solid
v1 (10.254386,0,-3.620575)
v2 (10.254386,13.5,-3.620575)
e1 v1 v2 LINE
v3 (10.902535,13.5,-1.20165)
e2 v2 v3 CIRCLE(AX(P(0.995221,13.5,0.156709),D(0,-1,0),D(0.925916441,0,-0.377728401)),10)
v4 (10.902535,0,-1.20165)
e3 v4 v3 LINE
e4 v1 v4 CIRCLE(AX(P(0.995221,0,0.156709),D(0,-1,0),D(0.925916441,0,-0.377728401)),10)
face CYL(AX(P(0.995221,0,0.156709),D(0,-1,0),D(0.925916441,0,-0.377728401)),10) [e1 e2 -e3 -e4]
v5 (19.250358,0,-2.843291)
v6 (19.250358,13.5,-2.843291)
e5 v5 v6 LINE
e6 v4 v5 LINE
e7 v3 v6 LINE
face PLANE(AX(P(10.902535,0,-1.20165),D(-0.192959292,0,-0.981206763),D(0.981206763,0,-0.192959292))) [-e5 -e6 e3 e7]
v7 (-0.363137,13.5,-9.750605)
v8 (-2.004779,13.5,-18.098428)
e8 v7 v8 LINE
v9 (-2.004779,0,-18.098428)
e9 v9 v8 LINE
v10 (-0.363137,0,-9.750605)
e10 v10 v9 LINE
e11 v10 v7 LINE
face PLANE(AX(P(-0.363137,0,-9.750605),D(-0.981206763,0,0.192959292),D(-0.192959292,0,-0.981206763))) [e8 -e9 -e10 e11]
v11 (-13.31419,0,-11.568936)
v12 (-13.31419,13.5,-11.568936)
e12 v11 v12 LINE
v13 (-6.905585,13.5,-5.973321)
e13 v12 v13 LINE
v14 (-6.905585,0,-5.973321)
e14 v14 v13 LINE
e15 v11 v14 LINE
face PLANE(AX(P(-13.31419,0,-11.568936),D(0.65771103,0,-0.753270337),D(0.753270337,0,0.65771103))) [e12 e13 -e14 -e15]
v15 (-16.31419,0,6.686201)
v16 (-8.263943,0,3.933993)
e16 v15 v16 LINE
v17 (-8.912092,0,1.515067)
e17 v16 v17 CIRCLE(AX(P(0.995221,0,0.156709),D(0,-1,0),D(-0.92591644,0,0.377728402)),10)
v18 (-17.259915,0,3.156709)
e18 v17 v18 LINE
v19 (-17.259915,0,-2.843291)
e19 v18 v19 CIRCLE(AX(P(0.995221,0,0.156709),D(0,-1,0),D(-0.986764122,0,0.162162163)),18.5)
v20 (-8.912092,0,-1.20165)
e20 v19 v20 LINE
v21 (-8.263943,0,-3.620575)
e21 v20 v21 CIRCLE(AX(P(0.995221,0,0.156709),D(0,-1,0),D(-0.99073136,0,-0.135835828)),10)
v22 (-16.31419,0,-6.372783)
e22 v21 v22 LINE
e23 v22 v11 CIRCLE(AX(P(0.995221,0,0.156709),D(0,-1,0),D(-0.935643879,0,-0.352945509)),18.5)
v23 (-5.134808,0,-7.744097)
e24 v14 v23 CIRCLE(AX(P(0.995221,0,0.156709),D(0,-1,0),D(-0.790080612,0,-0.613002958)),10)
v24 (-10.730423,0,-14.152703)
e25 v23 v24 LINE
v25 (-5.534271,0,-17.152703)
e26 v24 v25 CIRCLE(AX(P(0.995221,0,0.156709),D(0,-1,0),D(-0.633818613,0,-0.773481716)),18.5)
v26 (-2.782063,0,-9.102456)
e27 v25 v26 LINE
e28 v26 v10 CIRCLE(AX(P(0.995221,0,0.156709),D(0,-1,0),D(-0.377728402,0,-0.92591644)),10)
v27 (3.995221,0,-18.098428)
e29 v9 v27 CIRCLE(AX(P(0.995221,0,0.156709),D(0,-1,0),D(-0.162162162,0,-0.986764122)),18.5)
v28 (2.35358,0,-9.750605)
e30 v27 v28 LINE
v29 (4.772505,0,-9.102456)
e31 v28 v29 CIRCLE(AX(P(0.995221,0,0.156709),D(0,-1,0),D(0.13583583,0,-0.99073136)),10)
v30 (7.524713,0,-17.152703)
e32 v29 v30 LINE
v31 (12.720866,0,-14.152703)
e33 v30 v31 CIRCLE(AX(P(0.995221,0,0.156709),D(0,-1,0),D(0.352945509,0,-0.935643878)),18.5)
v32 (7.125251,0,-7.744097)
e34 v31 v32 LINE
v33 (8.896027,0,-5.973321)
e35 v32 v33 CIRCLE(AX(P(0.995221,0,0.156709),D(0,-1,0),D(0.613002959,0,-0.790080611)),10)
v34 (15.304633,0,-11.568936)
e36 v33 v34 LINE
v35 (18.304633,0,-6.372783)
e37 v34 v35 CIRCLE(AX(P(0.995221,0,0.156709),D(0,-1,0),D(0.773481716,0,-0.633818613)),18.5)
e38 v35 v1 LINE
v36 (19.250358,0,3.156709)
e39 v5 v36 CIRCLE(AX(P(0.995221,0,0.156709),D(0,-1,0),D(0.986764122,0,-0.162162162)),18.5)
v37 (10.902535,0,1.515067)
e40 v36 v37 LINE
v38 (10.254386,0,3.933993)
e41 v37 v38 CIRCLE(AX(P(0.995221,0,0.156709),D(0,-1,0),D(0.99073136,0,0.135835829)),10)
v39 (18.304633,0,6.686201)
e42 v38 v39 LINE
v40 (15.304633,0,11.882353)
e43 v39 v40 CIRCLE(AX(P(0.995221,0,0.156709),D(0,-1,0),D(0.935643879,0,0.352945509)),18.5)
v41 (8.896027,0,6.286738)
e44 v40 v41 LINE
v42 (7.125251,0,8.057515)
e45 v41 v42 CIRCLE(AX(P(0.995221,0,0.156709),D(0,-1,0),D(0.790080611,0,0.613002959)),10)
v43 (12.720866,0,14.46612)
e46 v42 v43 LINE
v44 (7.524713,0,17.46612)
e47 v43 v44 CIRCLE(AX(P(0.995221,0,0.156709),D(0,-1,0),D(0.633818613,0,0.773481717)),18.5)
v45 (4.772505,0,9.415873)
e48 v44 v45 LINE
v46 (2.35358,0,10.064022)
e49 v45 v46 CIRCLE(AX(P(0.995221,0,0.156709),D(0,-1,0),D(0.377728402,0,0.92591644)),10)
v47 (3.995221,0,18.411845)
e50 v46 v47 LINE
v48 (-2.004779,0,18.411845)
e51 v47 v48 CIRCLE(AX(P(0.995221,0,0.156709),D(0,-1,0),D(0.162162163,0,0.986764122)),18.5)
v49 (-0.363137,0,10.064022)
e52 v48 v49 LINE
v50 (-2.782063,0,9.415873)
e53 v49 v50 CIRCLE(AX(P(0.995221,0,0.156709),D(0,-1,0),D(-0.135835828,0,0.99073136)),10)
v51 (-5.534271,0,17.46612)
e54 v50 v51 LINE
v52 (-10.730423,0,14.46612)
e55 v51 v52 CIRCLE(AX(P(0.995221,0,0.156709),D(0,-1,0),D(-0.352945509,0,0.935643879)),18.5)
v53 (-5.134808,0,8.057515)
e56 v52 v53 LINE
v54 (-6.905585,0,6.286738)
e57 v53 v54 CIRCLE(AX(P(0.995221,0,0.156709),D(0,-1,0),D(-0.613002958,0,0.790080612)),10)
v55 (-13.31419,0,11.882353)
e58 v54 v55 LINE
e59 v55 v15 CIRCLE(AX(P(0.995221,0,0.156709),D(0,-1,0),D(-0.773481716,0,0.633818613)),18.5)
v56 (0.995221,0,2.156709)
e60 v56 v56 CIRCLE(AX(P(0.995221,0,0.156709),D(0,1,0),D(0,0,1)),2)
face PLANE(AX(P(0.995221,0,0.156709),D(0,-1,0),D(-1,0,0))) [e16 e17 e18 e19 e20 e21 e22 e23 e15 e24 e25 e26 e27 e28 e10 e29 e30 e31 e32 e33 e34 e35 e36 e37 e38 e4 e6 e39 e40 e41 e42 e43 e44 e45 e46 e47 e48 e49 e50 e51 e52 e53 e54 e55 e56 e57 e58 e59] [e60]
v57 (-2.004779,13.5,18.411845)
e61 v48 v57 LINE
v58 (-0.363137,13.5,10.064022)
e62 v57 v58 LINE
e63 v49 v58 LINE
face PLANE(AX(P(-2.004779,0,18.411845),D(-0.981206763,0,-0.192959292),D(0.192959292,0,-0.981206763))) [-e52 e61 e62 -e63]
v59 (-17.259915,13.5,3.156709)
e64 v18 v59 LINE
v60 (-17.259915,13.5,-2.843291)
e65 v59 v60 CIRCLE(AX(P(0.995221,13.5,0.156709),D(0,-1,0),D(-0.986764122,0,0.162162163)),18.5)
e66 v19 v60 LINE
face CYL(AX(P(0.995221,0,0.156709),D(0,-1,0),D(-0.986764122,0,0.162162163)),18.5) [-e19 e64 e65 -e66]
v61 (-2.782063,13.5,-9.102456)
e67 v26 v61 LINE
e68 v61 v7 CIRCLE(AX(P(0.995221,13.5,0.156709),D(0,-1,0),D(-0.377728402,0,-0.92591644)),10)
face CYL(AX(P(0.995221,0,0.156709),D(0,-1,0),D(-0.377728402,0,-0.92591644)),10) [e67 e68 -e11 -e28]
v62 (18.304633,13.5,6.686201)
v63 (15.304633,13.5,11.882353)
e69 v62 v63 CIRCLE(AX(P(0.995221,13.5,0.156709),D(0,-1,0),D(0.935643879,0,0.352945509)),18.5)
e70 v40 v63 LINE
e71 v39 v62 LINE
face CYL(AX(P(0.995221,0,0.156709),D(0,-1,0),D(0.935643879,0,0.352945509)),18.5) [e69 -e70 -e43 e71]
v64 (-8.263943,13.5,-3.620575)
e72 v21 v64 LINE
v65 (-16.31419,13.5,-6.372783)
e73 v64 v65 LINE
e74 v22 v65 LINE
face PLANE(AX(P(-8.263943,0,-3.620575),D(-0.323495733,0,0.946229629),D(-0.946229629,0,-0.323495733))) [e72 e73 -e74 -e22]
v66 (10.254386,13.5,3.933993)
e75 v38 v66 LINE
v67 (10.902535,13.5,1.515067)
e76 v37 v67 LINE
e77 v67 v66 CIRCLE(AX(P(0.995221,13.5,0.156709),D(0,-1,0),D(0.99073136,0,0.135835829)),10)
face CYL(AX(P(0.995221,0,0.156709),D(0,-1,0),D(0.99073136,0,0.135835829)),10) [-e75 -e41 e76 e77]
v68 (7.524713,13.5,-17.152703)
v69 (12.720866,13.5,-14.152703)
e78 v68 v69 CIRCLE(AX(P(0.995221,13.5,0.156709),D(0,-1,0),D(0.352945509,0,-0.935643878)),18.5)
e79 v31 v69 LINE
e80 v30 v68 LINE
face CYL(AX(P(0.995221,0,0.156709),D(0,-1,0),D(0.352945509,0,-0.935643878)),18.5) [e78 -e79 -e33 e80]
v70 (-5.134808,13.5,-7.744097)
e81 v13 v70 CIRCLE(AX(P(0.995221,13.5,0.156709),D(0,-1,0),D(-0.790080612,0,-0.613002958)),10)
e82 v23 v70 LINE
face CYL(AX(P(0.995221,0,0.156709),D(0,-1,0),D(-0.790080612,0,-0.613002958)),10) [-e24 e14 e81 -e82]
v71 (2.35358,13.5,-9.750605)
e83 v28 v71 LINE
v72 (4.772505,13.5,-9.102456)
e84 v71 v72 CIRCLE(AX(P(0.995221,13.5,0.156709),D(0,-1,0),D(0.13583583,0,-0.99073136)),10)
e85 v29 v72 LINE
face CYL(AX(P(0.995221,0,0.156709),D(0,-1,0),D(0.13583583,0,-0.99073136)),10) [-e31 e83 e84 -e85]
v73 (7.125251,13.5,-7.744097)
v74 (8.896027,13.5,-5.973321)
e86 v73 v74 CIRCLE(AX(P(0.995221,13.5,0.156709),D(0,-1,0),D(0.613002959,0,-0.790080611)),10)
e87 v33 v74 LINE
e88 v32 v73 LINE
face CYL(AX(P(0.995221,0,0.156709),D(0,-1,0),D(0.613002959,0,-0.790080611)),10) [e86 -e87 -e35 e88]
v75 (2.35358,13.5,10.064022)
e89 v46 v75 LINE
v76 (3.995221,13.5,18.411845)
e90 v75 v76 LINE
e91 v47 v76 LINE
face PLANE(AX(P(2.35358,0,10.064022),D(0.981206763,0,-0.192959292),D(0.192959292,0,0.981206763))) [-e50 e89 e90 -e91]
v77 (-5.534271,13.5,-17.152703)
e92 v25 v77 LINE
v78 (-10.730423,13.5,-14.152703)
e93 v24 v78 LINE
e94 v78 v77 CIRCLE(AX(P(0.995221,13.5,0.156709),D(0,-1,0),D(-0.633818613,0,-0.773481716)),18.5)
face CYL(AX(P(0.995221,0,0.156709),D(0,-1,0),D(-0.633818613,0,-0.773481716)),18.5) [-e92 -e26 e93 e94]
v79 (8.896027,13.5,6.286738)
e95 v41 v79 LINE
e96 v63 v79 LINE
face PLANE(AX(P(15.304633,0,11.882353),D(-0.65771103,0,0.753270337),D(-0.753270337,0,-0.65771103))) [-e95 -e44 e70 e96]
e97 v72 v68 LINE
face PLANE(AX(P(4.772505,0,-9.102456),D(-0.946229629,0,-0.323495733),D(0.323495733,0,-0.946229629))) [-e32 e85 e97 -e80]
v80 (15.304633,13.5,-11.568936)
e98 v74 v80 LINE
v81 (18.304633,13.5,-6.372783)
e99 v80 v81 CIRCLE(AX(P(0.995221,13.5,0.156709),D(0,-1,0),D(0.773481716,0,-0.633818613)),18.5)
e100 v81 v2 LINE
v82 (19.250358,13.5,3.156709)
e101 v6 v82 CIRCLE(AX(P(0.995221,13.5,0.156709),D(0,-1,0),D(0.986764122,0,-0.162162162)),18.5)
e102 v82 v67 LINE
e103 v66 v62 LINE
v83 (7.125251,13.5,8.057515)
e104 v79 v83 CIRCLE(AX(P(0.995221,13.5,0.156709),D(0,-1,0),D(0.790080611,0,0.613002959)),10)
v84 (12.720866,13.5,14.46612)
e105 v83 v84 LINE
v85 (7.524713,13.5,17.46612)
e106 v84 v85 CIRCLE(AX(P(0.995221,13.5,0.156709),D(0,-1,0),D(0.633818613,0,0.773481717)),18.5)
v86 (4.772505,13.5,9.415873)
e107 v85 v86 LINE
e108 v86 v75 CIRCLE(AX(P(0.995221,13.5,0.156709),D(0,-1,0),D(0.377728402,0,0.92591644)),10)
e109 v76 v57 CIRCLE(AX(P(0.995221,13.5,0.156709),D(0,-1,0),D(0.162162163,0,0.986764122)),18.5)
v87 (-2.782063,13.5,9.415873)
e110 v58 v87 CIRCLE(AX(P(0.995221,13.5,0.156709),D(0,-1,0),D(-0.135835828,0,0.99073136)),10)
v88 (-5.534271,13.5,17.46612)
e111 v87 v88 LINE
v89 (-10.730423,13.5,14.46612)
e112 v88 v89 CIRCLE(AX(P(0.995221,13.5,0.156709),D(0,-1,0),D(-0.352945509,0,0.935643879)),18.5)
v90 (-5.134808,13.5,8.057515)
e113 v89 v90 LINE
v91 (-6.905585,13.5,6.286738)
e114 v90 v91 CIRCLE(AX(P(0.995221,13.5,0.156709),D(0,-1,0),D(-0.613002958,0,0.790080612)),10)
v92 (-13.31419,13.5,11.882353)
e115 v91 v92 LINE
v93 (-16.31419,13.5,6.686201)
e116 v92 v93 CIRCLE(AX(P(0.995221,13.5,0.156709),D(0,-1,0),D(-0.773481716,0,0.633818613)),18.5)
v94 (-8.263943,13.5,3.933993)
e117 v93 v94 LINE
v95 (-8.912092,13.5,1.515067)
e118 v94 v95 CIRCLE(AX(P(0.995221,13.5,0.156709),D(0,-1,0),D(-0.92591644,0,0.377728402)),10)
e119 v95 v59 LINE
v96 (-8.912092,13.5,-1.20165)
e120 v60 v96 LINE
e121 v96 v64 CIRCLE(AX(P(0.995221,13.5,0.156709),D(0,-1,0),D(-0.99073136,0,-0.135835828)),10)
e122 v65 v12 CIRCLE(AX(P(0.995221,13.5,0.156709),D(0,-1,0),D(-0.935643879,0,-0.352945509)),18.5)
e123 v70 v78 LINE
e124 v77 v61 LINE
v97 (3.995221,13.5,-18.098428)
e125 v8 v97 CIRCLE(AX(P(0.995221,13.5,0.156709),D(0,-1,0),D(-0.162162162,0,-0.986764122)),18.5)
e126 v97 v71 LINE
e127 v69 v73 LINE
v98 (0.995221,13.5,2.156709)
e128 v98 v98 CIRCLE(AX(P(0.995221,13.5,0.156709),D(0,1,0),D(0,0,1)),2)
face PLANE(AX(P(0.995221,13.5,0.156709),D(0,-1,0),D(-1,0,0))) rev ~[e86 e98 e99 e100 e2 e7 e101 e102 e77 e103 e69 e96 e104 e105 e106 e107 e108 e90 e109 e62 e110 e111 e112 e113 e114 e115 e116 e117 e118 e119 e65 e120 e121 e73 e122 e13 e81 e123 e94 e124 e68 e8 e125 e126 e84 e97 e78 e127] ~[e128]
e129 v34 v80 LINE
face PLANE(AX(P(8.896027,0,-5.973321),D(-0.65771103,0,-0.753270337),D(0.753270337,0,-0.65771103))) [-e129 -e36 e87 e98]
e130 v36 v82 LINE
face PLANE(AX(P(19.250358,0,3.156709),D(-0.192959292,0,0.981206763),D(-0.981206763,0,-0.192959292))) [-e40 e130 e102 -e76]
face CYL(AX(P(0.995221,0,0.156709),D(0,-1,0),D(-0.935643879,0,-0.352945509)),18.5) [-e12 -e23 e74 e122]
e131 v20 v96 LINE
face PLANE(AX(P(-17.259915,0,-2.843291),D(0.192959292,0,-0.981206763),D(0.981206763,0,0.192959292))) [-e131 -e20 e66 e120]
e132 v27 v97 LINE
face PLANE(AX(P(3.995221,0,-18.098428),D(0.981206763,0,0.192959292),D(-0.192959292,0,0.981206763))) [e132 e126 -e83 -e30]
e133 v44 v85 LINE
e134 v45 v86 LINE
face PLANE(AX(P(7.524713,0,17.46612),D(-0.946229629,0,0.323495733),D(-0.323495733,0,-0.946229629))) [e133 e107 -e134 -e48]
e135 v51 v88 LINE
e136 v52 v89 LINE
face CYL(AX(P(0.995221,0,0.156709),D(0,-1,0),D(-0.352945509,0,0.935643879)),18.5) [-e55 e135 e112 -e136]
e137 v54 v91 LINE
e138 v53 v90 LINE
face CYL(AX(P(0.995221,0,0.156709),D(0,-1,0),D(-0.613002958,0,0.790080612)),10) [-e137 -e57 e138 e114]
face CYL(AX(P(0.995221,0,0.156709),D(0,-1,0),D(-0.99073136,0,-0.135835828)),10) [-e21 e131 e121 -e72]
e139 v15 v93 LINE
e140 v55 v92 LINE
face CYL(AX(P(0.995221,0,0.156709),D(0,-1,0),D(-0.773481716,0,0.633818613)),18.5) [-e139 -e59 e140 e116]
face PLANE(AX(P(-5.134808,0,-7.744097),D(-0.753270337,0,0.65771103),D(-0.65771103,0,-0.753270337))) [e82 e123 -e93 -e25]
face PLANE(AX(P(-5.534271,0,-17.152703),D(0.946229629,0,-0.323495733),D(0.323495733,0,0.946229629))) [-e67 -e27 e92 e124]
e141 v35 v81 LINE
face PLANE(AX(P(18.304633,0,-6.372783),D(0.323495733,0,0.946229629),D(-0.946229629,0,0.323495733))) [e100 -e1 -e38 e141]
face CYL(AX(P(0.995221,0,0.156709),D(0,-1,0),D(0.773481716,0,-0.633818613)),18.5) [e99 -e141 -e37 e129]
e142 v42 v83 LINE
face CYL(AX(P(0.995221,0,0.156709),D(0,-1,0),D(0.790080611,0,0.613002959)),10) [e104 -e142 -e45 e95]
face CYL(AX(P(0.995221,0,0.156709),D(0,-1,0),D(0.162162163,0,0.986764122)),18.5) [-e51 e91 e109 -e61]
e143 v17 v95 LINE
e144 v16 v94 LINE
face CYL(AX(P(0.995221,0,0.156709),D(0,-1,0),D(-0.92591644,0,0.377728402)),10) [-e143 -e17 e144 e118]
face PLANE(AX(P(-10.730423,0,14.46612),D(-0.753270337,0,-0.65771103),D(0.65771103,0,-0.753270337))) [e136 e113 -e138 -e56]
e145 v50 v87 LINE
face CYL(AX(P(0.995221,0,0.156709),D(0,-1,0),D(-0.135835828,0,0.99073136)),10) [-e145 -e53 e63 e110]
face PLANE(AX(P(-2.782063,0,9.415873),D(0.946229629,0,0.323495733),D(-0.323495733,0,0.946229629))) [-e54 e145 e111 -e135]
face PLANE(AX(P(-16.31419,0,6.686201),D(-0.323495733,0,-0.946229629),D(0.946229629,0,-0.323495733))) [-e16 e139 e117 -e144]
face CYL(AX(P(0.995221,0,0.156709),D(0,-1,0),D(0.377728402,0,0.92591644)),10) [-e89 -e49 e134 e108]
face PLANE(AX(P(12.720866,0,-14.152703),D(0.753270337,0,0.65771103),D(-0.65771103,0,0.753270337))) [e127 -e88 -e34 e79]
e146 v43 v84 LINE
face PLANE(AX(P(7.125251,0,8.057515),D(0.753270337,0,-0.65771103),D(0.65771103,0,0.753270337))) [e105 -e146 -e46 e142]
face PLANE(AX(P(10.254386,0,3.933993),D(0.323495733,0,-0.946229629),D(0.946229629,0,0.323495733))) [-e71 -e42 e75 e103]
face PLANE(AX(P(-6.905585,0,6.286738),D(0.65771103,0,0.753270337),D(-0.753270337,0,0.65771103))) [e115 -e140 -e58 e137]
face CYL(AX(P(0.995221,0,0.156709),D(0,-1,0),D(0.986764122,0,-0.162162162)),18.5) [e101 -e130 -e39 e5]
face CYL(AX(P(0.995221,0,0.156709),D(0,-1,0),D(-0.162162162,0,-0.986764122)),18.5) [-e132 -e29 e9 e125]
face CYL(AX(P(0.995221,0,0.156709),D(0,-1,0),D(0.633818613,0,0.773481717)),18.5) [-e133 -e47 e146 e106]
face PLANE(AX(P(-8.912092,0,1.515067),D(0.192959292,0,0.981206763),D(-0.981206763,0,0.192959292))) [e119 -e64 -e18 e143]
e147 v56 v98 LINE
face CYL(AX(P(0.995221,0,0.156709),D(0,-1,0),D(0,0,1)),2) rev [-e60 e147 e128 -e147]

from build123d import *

# Parameters (mm, degrees)
SKETCH1_R           = 2
BOSS_EXTRUDE1_DEPTH = 13.5


with BuildPart() as part:
    # Sketch1 → Boss-Extrude1 (new body)
    with BuildSketch(Plane(origin=(0, 0, 0), x_dir=(1, 0, 0), z_dir=(0, 1, 0))):
        with BuildLine():
            Line((-16.314190392, -6.686200591), (-8.263943043, -3.933992685))
            ThreePointArc((-8.263943043, -3.933992685), (-8.664036901, -2.744899122), (-8.912092237, -1.51506696))
            Line((-8.912092237, -1.51506696), (-17.259914901, -3.156708671))
            ThreePointArc((-17.259914901, -3.156708671), (-17.504778638, -0.156708671), (-17.259914901, 2.843291329))
            Line((-17.259914901, 2.843291329), (-8.912092237, 1.201649618))
            ThreePointArc((-8.912092237, 1.201649618), (-8.664036901, 2.43148178), (-8.263943043, 3.620575343))
            Line((-8.263943043, 3.620575343), (-16.314190392, 6.372783249))
            ThreePointArc((-16.314190392, 6.372783249), (-15.026248608, 9.093291329), (-13.314190392, 11.568935672))
            Line((-13.314190392, 11.568935672), (-6.905584753, 5.973320915))
            ThreePointArc((-6.905584753, 5.973320915), (-6.07584645, 6.914359141), (-5.134808223, 7.744097445))
            Line((-5.134808223, 7.744097445), (-10.730422981, 14.152703083))
            ThreePointArc((-10.730422981, 14.152703083), (-8.254778638, 15.864761299), (-5.534270558, 17.152703083))
            Line((-5.534270558, 17.152703083), (-2.782062651, 9.102455734))
            ThreePointArc((-2.782062651, 9.102455734), (-1.592969089, 9.502549592), (-0.363136927, 9.750604929))
            Line((-0.363136927, 9.750604929), (-2.004778638, 18.098427593))
            ThreePointArc((-2.004778638, 18.098427593), (0.995221362, 18.343291329), (3.995221362, 18.098427593))
            Line((3.995221362, 18.098427593), (2.353579652, 9.750604929))
            ThreePointArc((2.353579652, 9.750604929), (3.583411813, 9.502549592), (4.772505376, 9.102455734))
            Line((4.772505376, 9.102455734), (7.524713283, 17.152703083))
            ThreePointArc((7.524713283, 17.152703083), (10.245221362, 15.864761299), (12.720865705, 14.152703083))
            Line((12.720865705, 14.152703083), (7.125250948, 7.744097445))
            ThreePointArc((7.125250948, 7.744097445), (8.066289174, 6.914359141), (8.896027478, 5.973320915))
            Line((8.896027478, 5.973320915), (15.304633116, 11.568935672))
            ThreePointArc((15.304633116, 11.568935672), (17.016691332, 9.093291329), (18.304633116, 6.372783249))
            Line((18.304633116, 6.372783249), (10.254385767, 3.620575343))
            ThreePointArc((10.254385767, 3.620575343), (10.654479625, 2.43148178), (10.902534962, 1.201649618))
            Line((10.902534962, 1.201649618), (19.250357626, 2.843291329))
            ThreePointArc((19.250357626, 2.843291329), (19.495221362, -0.156708671), (19.250357626, -3.156708671))
            Line((19.250357626, -3.156708671), (10.902534962, -1.51506696))
            ThreePointArc((10.902534962, -1.51506696), (10.654479625, -2.744899122), (10.254385767, -3.933992685))
            Line((10.254385767, -3.933992685), (18.304633116, -6.686200591))
            ThreePointArc((18.304633116, -6.686200591), (17.016691332, -9.406708671), (15.304633116, -11.882353014))
            Line((15.304633116, -11.882353014), (8.896027478, -6.286738257))
            ThreePointArc((8.896027478, -6.286738257), (8.066289174, -7.227776483), (7.125250948, -8.057514787))
            Line((7.125250948, -8.057514787), (12.720865705, -14.466120425))
            ThreePointArc((12.720865705, -14.466120425), (10.245221362, -16.178178641), (7.524713283, -17.466120425))
            Line((7.524713283, -17.466120425), (4.772505376, -9.415873076))
            ThreePointArc((4.772505376, -9.415873076), (3.583411813, -9.815966934), (2.353579652, -10.06402227))
            Line((2.353579652, -10.06402227), (3.995221362, -18.411844934))
            ThreePointArc((3.995221362, -18.411844934), (0.995221362, -18.656708671), (-2.004778638, -18.411844934))
            Line((-2.004778638, -18.411844934), (-0.363136927, -10.06402227))
            ThreePointArc((-0.363136927, -10.06402227), (-1.592969089, -9.815966934), (-2.782062651, -9.415873076))
            Line((-2.782062651, -9.415873076), (-5.534270558, -17.466120425))
            ThreePointArc((-5.534270558, -17.466120425), (-8.254778638, -16.178178641), (-10.730422981, -14.466120425))
            Line((-10.730422981, -14.466120425), (-5.134808223, -8.057514787))
            ThreePointArc((-5.134808223, -8.057514787), (-6.07584645, -7.227776483), (-6.905584753, -6.286738257))
            Line((-6.905584753, -6.286738257), (-13.314190392, -11.882353014))
            ThreePointArc((-13.314190392, -11.882353014), (-15.026248608, -9.406708671), (-16.314190392, -6.686200591))
        make_face()
        with Locations(Location((0.995221362, -0.156708671, 0), (0, 0, 270))):
            Circle(SKETCH1_R, mode=Mode.SUBTRACT)
    extrude(amount=BOSS_EXTRUDE1_DEPTH)


solid = part.part
